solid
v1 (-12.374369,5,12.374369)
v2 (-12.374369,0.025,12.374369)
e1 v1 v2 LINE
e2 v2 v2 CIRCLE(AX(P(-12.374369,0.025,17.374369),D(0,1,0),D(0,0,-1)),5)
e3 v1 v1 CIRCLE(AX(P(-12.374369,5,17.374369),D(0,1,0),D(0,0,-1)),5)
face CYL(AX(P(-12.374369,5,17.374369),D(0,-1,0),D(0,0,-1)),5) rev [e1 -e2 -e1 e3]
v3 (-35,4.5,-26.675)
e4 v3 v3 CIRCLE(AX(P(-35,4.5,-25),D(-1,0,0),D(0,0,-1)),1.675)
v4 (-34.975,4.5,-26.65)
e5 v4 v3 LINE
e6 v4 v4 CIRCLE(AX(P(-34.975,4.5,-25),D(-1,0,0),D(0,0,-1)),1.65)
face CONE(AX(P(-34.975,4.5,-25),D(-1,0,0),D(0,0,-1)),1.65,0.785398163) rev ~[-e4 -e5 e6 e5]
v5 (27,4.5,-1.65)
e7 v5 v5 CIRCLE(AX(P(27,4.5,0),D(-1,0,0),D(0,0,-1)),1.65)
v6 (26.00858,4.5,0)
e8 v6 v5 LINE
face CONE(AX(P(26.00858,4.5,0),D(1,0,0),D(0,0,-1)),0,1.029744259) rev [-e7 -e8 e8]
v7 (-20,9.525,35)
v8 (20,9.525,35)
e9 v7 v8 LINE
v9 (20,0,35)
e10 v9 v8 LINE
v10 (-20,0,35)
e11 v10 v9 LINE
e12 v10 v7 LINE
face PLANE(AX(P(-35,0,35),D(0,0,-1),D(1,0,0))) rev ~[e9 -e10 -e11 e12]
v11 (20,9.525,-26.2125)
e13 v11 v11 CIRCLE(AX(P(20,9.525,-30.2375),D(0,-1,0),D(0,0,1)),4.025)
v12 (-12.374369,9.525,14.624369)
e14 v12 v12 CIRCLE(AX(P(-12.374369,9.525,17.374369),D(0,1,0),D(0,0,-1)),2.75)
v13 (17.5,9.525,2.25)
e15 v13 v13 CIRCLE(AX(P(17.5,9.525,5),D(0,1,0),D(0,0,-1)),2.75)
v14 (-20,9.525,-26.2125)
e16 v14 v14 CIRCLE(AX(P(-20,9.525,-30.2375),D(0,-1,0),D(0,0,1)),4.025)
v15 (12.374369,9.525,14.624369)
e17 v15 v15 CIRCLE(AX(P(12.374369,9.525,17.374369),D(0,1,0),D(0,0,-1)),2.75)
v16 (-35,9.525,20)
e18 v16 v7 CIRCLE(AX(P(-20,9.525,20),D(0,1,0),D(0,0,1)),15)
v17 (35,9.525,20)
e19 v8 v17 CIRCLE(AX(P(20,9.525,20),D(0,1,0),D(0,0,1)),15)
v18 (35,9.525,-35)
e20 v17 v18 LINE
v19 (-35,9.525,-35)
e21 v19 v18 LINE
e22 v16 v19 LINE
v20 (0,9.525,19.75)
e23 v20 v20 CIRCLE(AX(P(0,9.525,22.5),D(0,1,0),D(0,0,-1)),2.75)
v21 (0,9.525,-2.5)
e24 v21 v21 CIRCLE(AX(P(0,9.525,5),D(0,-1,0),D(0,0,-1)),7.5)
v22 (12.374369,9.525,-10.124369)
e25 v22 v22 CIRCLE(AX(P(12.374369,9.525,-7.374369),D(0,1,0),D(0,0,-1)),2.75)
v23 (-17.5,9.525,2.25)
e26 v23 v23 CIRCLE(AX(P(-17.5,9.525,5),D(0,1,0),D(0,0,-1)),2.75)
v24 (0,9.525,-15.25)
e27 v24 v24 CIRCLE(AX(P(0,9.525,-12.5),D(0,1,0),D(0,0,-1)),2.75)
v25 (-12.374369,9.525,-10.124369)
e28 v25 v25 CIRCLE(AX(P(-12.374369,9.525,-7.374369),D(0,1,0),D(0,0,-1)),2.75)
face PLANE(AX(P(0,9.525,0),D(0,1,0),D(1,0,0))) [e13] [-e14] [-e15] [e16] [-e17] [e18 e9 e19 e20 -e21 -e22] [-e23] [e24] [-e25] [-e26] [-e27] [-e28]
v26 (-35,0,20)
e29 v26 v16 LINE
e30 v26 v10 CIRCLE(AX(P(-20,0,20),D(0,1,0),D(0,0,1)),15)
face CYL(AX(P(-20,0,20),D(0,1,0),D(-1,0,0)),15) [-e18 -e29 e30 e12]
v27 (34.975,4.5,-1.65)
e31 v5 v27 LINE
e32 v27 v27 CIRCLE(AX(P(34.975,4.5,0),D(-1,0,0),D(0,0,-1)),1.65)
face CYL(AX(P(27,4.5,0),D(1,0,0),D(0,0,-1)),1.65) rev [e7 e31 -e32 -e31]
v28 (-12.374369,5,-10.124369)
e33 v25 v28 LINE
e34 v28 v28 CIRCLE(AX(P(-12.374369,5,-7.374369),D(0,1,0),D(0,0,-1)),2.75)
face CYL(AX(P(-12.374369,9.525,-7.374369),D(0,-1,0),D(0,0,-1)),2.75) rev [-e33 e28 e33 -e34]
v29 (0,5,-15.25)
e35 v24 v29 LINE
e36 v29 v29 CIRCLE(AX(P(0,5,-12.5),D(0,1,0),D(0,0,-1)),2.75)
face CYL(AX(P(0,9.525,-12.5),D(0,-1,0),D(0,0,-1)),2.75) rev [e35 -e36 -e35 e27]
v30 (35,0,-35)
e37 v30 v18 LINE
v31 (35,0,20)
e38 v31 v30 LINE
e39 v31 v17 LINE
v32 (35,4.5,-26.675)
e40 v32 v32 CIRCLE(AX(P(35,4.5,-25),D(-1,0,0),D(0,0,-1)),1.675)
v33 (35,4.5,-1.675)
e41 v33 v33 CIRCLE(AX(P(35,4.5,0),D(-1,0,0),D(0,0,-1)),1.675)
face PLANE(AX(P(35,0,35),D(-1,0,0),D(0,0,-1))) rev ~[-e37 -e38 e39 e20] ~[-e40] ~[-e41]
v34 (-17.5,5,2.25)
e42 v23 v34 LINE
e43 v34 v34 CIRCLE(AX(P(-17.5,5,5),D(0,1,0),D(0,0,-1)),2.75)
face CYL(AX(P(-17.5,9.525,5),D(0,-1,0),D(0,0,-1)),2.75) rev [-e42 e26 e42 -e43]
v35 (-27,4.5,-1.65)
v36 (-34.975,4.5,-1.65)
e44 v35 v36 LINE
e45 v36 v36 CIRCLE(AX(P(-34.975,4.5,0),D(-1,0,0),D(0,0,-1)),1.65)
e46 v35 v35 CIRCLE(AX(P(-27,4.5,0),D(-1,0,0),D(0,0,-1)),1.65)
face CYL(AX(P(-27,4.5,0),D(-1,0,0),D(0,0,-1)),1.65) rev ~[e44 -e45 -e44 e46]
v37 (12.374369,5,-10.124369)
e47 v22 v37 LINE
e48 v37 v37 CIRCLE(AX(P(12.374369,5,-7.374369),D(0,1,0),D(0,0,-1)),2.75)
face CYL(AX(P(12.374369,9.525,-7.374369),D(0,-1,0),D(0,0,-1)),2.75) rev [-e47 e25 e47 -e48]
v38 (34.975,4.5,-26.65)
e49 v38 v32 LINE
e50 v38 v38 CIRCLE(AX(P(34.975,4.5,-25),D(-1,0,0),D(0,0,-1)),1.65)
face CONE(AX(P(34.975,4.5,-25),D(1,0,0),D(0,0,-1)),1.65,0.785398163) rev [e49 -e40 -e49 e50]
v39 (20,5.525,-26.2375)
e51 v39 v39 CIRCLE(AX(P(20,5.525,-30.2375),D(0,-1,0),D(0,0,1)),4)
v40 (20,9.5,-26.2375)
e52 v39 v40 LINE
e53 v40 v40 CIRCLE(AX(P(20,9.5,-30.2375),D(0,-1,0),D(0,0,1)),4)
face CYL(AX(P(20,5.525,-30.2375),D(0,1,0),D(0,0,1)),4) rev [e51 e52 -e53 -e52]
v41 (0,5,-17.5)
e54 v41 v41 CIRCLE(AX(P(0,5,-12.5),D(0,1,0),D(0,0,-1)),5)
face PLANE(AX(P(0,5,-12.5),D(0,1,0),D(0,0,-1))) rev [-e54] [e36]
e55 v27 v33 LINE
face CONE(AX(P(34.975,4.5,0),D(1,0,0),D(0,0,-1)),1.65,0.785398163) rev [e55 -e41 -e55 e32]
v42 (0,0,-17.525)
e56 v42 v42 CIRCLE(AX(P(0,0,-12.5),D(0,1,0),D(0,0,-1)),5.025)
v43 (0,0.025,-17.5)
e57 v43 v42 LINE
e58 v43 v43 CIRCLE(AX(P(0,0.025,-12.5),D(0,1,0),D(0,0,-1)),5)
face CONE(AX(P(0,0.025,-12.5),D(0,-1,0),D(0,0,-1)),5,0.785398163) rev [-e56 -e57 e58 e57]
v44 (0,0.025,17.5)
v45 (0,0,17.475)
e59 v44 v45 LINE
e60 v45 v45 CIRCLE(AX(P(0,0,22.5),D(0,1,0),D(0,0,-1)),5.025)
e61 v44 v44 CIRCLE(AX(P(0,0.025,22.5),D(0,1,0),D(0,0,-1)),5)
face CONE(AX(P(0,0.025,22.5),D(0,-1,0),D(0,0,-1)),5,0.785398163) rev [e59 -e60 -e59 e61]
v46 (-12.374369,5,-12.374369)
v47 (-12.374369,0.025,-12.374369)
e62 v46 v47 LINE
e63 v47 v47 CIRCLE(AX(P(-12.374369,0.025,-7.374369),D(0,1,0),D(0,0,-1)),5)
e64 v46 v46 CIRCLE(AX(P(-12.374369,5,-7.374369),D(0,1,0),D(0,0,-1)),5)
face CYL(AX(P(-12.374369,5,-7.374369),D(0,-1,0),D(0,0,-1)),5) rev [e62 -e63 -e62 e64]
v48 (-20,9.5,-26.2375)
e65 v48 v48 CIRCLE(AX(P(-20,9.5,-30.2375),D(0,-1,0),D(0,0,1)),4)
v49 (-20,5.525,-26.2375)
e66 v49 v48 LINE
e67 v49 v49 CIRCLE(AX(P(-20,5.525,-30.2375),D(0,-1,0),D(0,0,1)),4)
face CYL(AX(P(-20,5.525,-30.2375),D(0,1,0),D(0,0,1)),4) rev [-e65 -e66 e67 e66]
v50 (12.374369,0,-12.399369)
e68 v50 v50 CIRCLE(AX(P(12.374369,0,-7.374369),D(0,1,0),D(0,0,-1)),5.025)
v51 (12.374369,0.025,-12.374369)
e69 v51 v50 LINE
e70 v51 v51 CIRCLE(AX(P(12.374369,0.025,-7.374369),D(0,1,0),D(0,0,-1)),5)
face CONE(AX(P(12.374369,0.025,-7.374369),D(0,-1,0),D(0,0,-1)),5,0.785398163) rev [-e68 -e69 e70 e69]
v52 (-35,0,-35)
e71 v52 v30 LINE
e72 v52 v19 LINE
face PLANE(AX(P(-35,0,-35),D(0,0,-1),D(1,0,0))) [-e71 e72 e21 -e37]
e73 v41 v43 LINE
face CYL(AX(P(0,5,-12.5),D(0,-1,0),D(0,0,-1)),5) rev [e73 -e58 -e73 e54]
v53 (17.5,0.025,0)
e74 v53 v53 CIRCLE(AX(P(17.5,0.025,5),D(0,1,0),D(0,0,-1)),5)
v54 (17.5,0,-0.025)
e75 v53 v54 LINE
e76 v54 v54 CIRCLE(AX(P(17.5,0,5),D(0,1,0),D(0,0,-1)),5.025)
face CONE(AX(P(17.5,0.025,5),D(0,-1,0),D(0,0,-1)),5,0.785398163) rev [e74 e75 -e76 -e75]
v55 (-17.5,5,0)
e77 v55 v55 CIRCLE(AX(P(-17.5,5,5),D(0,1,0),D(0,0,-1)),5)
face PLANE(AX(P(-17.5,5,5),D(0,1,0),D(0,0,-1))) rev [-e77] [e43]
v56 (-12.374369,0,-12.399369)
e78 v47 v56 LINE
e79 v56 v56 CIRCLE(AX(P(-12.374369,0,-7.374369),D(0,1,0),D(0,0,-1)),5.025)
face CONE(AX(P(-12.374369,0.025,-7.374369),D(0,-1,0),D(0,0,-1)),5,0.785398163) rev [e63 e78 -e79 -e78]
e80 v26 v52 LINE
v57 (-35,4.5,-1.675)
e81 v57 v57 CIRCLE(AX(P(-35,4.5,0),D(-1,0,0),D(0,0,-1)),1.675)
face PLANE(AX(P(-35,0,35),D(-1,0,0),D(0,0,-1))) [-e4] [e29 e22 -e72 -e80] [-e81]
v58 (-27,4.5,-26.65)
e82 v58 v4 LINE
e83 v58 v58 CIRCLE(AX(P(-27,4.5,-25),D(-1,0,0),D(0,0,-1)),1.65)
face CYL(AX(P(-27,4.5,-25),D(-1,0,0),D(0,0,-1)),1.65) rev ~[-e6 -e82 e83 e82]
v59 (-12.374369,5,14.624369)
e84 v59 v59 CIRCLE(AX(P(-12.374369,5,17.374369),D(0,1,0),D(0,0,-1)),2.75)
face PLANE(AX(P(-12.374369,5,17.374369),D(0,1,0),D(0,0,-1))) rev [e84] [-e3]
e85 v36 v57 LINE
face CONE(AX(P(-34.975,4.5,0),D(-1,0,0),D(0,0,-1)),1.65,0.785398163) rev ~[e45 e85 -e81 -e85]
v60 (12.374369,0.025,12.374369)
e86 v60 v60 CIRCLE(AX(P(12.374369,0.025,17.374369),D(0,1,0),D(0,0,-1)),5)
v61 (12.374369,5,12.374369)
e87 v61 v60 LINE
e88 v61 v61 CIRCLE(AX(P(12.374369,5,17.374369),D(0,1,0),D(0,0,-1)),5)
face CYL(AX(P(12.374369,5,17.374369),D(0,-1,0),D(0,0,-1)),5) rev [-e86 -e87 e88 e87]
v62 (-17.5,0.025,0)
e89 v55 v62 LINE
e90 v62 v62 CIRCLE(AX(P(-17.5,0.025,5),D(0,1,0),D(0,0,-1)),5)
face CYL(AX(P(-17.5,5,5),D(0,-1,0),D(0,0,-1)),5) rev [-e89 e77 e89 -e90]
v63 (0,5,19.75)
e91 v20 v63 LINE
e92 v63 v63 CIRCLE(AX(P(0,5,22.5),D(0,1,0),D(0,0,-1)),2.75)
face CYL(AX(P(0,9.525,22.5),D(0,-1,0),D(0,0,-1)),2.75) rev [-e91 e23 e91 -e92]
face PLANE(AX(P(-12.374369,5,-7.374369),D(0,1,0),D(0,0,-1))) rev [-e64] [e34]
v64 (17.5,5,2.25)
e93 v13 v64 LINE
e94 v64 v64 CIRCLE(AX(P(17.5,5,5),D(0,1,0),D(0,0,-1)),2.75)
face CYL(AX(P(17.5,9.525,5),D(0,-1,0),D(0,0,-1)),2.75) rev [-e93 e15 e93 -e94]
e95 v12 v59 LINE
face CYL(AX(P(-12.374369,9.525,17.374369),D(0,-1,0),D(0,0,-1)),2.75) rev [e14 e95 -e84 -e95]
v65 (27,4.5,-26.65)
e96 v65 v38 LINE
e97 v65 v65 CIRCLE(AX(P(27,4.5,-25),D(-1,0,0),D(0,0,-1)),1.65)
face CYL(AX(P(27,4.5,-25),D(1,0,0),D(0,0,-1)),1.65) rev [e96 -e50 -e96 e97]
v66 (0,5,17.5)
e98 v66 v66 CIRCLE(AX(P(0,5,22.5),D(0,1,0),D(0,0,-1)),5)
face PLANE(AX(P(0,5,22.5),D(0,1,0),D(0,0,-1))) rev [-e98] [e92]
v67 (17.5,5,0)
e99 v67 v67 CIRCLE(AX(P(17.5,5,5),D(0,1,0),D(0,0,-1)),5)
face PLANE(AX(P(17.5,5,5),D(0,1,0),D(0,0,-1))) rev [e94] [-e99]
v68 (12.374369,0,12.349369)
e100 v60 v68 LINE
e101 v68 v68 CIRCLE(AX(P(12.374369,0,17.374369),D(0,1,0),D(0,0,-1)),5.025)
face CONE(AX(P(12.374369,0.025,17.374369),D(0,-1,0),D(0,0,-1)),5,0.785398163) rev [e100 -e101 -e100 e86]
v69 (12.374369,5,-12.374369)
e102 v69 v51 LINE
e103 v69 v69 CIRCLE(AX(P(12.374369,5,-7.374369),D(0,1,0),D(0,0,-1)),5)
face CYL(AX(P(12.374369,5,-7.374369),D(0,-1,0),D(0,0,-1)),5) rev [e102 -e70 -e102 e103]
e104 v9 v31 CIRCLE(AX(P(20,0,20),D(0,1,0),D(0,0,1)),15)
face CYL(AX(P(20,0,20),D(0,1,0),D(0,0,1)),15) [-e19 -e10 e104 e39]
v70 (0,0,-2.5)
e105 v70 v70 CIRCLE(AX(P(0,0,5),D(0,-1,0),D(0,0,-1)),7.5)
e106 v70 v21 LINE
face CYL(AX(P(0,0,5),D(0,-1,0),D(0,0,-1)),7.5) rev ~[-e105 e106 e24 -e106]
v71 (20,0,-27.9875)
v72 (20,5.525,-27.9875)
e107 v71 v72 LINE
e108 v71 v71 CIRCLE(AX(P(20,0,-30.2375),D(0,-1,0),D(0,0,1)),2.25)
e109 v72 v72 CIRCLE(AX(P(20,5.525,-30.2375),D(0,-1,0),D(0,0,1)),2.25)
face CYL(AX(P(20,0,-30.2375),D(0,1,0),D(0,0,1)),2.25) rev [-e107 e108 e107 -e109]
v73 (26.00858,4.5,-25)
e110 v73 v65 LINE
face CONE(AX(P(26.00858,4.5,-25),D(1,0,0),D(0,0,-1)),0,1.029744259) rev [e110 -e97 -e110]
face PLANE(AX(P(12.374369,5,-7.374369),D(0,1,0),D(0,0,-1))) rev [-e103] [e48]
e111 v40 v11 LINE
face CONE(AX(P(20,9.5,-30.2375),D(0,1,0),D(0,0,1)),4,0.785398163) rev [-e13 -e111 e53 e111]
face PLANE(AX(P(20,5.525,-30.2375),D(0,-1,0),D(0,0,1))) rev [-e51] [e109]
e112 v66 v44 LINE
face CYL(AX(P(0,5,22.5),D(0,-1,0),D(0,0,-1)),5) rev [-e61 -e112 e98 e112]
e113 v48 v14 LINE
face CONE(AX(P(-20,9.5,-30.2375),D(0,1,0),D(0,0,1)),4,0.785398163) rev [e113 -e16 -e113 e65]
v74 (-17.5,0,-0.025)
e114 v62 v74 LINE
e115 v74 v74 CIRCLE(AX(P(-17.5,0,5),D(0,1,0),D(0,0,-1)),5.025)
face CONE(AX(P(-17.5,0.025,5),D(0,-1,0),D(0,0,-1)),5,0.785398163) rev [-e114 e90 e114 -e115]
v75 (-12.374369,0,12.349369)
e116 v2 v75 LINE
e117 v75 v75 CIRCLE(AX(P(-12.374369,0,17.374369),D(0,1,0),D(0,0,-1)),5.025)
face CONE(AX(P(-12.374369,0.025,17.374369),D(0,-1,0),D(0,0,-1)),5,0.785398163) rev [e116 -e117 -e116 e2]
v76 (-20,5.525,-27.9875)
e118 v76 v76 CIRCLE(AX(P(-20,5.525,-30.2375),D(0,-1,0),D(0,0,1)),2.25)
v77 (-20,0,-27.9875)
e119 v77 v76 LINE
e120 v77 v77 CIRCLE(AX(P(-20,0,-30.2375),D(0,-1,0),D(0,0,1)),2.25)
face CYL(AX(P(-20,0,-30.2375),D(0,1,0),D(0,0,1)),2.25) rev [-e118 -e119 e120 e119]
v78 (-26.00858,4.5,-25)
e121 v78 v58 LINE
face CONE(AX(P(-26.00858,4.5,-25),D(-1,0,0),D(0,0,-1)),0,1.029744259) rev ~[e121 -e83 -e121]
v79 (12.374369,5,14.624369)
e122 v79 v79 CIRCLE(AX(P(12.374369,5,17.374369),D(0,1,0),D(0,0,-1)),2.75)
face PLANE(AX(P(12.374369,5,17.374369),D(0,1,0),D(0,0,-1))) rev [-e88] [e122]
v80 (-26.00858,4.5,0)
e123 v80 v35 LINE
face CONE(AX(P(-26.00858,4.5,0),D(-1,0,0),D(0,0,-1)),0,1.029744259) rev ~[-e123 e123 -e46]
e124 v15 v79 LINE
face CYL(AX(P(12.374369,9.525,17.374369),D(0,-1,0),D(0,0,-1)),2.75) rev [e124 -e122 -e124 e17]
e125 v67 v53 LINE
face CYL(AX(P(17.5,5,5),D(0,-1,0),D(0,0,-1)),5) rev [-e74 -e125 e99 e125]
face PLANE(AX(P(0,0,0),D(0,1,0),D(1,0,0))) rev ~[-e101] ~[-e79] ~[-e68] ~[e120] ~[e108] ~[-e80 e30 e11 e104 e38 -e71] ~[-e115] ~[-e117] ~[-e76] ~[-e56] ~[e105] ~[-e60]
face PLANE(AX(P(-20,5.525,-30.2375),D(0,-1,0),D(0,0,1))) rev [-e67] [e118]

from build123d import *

# Parameters (mm, degrees)
SKETCH1_W                            = 70
SKETCH1_H                            = 70
BOSS_EXTRUDE1_DEPTH                  = 9.525
CBORE_FOR_M5_SHCS2_AT_2_COUNT        = 2
CBORE_FOR_M5_SHCS2_AT_2_PITCH        = 13.393920133
CBORE_FOR_M5_SHCS2_AT_3_COUNT        = 2
CBORE_FOR_M5_SHCS2_AT_3_PITCH        = 24.748737342
CBORE_FOR_M5_SHCS2_AT_4_COUNT        = 2
CBORE_FOR_M5_SHCS2_AT_4_PITCH        = 32.335783638
CBORE_FOR_M5_SHCS2_AT_5_COUNT        = 2
CBORE_FOR_M5_SHCS2_AT_5_PITCH        = 35
CBORE_FOR_M5_SHCS2_AT_6_COUNT        = 2
CBORE_FOR_M5_SHCS2_AT_6_PITCH        = 32.335783638
CBORE_FOR_M5_SHCS2_AT_7_COUNT        = 2
CBORE_FOR_M5_SHCS2_AT_7_PITCH        = 24.748737342
CBORE_FOR_M5_SHCS2_AT_8_COUNT        = 2
CBORE_FOR_M5_SHCS2_AT_8_PITCH        = 13.393920133
TAP_DRILL_FOR_M4X0_7_TAP1_AT_2_COUNT = 2
TAP_DRILL_FOR_M4X0_7_TAP1_AT_2_PITCH = 25
SKETCH9_R                            = 7.5
CUT_EXTRUDE1_DEPTH                   = 51.405611047
CBORE_FOR_M4_SHCS1_AT_2_COUNT        = 2
CBORE_FOR_M4_SHCS1_AT_2_PITCH        = 40
FILLET1_R                            = 15


with BuildPart() as part:
    # Sketch1 → Boss-Extrude1 (new body)
    with BuildSketch(Plane(origin=(0, 0, 0), x_dir=(1, 0, 0), z_dir=(0, 1, 0))):
        Rectangle(SKETCH1_W, SKETCH1_H)
    extrude(amount=BOSS_EXTRUDE1_DEPTH)

    # Sketch4 → CBORE for M5 SHCS2 (revolve, cut)
    with BuildSketch(Plane(origin=(0, 0, 22.5), x_dir=(0, 0, -1), z_dir=(1, 0, 0))):
        Polygon((0, 0), (0, 9.525), (2.75, 9.525), (2.75, 5), (5, 5), (5, 0.025), (5.025, 0), align=None)
    cbore_for_m5_shcs2 = revolve(axis=Axis((0, -6.35, 22.5), (0, 1, 0)), mode=Mode.SUBTRACT)

    # CBORE for M5 SHCS2 at 2: CBORE for M5 SHCS2 ×2
    with Locations(*[Vector(0.9238795325112866, 0, -0.38268343236509006) * (i * CBORE_FOR_M5_SHCS2_AT_2_PITCH) for i in range(1, CBORE_FOR_M5_SHCS2_AT_2_COUNT)]):
        add(cbore_for_m5_shcs2, mode=Mode.SUBTRACT)

    # CBORE for M5 SHCS2 at 3: CBORE for M5 SHCS2 ×2
    with Locations(*[Vector(0.7071067811865475, 0, -0.7071067811865477) * (i * CBORE_FOR_M5_SHCS2_AT_3_PITCH) for i in range(1, CBORE_FOR_M5_SHCS2_AT_3_COUNT)]):
        add(cbore_for_m5_shcs2, mode=Mode.SUBTRACT)

    # CBORE for M5 SHCS2 at 4: CBORE for M5 SHCS2 ×2
    with Locations(*[Vector(0.3826834323650898, 0, -0.9238795325112868) * (i * CBORE_FOR_M5_SHCS2_AT_4_PITCH) for i in range(1, CBORE_FOR_M5_SHCS2_AT_4_COUNT)]):
        add(cbore_for_m5_shcs2, mode=Mode.SUBTRACT)

    # CBORE for M5 SHCS2 at 5: CBORE for M5 SHCS2 ×2
    with Locations(*[(0, 0, -i * CBORE_FOR_M5_SHCS2_AT_5_PITCH) for i in range(1, CBORE_FOR_M5_SHCS2_AT_5_COUNT)]):
        add(cbore_for_m5_shcs2, mode=Mode.SUBTRACT)

    # CBORE for M5 SHCS2 at 6: CBORE for M5 SHCS2 ×2
    with Locations(*[Vector(-0.3826834323650896, 0, -0.9238795325112868) * (i * CBORE_FOR_M5_SHCS2_AT_6_PITCH) for i in range(1, CBORE_FOR_M5_SHCS2_AT_6_COUNT)]):
        add(cbore_for_m5_shcs2, mode=Mode.SUBTRACT)

    # CBORE for M5 SHCS2 at 7: CBORE for M5 SHCS2 ×2
    with Locations(*[Vector(-0.7071067811865474, 0, -0.7071067811865477) * (i * CBORE_FOR_M5_SHCS2_AT_7_PITCH) for i in range(1, CBORE_FOR_M5_SHCS2_AT_7_COUNT)]):
        add(cbore_for_m5_shcs2, mode=Mode.SUBTRACT)

    # CBORE for M5 SHCS2 at 8: CBORE for M5 SHCS2 ×2
    with Locations(*[Vector(-0.9238795325112867, 0, -0.38268343236509) * (i * CBORE_FOR_M5_SHCS2_AT_8_PITCH) for i in range(1, CBORE_FOR_M5_SHCS2_AT_8_COUNT)]):
        add(cbore_for_m5_shcs2, mode=Mode.SUBTRACT)

    # Sketch8 → Tap Drill for M4x0.7 Tap1 (revolve, cut)
    with BuildSketch(Plane(origin=(35, 4.5, 0), x_dir=(0, 0, -1), z_dir=(0, 1, 0))):
        Polygon((0, 0), (0, 8.991420021), (1.65, 8), (1.65, 0.025), (1.675, 0), align=None)
    tap_drill_for_m4x0_7_tap1 = revolve(axis=Axis((41.35, 4.5, 0), (-1, 0, 0)), mode=Mode.SUBTRACT)

    # Tap Drill for M4x0.7 Tap1 at 2: Tap Drill for M4x0.7 Tap1 ×2
    with Locations(*[(0, 0, -i * TAP_DRILL_FOR_M4X0_7_TAP1_AT_2_PITCH) for i in range(1, TAP_DRILL_FOR_M4X0_7_TAP1_AT_2_COUNT)]):
        add(tap_drill_for_m4x0_7_tap1, mode=Mode.SUBTRACT)

    # Sketch9 → Cut-Extrude1 (cut, through all)
    with BuildSketch(Plane.XZ):
        with Locations((0, 5)):
            Circle(SKETCH9_R)
    extrude(amount=-CUT_EXTRUDE1_DEPTH, mode=Mode.SUBTRACT)

    # Sketch15 → CBORE for M4 SHCS1 (revolve, cut)
    with BuildSketch(Plane(origin=(-20, 9.525, -30.2375), x_dir=(0, 0, 1), z_dir=(1, 0, 0))):
        Polygon((0, 0), (0, 9.525), (2.25, 9.525), (2.25, 4), (4, 4), (4, 0.025), (4.025, 0), align=None)
    cbore_for_m4_shcs1 = revolve(axis=Axis((-20, 15.875, -30.2375), (0, -1, 0)), mode=Mode.SUBTRACT)

    # CBORE for M4 SHCS1 at 2: CBORE for M4 SHCS1 ×2
    with Locations(*[(i * CBORE_FOR_M4_SHCS1_AT_2_PITCH, 0, 0) for i in range(1, CBORE_FOR_M4_SHCS1_AT_2_COUNT)]):
        add(cbore_for_m4_shcs1, mode=Mode.SUBTRACT)

    # Mirror1: Tap Drill for M4x0.7 Tap1 across plane
    add(tap_drill_for_m4x0_7_tap1.mirror(Plane(origin=(0, 0, 0), x_dir=(0, 0, 1), z_dir=(1, 0, 0))), mode=Mode.SUBTRACT)

    # Mirror1 copy 1 sketch → Mirror1 copy 1 (revolve, cut)
    with BuildSketch(Plane(origin=(-35, 4.5, -25), x_dir=(0, 0, -1), z_dir=(0, 1, 0))):
        Polygon((0, 0), (0, -8.991420021), (1.65, -8), (1.65, -0.025), (1.675, 0), align=None)
    revolve(axis=Axis((-41.35, 4.5, -25), (-1, 0, 0)), mode=Mode.SUBTRACT)

    # Fillet1
    fillet1_edges = [part.edges().sort_by_distance(p)[0] for p in [
        (-35, 4.7625, 35),
        (35, 4.7625, 35),
    ]]
    fillet(fillet1_edges, radius=FILLET1_R)


solid = part.part
